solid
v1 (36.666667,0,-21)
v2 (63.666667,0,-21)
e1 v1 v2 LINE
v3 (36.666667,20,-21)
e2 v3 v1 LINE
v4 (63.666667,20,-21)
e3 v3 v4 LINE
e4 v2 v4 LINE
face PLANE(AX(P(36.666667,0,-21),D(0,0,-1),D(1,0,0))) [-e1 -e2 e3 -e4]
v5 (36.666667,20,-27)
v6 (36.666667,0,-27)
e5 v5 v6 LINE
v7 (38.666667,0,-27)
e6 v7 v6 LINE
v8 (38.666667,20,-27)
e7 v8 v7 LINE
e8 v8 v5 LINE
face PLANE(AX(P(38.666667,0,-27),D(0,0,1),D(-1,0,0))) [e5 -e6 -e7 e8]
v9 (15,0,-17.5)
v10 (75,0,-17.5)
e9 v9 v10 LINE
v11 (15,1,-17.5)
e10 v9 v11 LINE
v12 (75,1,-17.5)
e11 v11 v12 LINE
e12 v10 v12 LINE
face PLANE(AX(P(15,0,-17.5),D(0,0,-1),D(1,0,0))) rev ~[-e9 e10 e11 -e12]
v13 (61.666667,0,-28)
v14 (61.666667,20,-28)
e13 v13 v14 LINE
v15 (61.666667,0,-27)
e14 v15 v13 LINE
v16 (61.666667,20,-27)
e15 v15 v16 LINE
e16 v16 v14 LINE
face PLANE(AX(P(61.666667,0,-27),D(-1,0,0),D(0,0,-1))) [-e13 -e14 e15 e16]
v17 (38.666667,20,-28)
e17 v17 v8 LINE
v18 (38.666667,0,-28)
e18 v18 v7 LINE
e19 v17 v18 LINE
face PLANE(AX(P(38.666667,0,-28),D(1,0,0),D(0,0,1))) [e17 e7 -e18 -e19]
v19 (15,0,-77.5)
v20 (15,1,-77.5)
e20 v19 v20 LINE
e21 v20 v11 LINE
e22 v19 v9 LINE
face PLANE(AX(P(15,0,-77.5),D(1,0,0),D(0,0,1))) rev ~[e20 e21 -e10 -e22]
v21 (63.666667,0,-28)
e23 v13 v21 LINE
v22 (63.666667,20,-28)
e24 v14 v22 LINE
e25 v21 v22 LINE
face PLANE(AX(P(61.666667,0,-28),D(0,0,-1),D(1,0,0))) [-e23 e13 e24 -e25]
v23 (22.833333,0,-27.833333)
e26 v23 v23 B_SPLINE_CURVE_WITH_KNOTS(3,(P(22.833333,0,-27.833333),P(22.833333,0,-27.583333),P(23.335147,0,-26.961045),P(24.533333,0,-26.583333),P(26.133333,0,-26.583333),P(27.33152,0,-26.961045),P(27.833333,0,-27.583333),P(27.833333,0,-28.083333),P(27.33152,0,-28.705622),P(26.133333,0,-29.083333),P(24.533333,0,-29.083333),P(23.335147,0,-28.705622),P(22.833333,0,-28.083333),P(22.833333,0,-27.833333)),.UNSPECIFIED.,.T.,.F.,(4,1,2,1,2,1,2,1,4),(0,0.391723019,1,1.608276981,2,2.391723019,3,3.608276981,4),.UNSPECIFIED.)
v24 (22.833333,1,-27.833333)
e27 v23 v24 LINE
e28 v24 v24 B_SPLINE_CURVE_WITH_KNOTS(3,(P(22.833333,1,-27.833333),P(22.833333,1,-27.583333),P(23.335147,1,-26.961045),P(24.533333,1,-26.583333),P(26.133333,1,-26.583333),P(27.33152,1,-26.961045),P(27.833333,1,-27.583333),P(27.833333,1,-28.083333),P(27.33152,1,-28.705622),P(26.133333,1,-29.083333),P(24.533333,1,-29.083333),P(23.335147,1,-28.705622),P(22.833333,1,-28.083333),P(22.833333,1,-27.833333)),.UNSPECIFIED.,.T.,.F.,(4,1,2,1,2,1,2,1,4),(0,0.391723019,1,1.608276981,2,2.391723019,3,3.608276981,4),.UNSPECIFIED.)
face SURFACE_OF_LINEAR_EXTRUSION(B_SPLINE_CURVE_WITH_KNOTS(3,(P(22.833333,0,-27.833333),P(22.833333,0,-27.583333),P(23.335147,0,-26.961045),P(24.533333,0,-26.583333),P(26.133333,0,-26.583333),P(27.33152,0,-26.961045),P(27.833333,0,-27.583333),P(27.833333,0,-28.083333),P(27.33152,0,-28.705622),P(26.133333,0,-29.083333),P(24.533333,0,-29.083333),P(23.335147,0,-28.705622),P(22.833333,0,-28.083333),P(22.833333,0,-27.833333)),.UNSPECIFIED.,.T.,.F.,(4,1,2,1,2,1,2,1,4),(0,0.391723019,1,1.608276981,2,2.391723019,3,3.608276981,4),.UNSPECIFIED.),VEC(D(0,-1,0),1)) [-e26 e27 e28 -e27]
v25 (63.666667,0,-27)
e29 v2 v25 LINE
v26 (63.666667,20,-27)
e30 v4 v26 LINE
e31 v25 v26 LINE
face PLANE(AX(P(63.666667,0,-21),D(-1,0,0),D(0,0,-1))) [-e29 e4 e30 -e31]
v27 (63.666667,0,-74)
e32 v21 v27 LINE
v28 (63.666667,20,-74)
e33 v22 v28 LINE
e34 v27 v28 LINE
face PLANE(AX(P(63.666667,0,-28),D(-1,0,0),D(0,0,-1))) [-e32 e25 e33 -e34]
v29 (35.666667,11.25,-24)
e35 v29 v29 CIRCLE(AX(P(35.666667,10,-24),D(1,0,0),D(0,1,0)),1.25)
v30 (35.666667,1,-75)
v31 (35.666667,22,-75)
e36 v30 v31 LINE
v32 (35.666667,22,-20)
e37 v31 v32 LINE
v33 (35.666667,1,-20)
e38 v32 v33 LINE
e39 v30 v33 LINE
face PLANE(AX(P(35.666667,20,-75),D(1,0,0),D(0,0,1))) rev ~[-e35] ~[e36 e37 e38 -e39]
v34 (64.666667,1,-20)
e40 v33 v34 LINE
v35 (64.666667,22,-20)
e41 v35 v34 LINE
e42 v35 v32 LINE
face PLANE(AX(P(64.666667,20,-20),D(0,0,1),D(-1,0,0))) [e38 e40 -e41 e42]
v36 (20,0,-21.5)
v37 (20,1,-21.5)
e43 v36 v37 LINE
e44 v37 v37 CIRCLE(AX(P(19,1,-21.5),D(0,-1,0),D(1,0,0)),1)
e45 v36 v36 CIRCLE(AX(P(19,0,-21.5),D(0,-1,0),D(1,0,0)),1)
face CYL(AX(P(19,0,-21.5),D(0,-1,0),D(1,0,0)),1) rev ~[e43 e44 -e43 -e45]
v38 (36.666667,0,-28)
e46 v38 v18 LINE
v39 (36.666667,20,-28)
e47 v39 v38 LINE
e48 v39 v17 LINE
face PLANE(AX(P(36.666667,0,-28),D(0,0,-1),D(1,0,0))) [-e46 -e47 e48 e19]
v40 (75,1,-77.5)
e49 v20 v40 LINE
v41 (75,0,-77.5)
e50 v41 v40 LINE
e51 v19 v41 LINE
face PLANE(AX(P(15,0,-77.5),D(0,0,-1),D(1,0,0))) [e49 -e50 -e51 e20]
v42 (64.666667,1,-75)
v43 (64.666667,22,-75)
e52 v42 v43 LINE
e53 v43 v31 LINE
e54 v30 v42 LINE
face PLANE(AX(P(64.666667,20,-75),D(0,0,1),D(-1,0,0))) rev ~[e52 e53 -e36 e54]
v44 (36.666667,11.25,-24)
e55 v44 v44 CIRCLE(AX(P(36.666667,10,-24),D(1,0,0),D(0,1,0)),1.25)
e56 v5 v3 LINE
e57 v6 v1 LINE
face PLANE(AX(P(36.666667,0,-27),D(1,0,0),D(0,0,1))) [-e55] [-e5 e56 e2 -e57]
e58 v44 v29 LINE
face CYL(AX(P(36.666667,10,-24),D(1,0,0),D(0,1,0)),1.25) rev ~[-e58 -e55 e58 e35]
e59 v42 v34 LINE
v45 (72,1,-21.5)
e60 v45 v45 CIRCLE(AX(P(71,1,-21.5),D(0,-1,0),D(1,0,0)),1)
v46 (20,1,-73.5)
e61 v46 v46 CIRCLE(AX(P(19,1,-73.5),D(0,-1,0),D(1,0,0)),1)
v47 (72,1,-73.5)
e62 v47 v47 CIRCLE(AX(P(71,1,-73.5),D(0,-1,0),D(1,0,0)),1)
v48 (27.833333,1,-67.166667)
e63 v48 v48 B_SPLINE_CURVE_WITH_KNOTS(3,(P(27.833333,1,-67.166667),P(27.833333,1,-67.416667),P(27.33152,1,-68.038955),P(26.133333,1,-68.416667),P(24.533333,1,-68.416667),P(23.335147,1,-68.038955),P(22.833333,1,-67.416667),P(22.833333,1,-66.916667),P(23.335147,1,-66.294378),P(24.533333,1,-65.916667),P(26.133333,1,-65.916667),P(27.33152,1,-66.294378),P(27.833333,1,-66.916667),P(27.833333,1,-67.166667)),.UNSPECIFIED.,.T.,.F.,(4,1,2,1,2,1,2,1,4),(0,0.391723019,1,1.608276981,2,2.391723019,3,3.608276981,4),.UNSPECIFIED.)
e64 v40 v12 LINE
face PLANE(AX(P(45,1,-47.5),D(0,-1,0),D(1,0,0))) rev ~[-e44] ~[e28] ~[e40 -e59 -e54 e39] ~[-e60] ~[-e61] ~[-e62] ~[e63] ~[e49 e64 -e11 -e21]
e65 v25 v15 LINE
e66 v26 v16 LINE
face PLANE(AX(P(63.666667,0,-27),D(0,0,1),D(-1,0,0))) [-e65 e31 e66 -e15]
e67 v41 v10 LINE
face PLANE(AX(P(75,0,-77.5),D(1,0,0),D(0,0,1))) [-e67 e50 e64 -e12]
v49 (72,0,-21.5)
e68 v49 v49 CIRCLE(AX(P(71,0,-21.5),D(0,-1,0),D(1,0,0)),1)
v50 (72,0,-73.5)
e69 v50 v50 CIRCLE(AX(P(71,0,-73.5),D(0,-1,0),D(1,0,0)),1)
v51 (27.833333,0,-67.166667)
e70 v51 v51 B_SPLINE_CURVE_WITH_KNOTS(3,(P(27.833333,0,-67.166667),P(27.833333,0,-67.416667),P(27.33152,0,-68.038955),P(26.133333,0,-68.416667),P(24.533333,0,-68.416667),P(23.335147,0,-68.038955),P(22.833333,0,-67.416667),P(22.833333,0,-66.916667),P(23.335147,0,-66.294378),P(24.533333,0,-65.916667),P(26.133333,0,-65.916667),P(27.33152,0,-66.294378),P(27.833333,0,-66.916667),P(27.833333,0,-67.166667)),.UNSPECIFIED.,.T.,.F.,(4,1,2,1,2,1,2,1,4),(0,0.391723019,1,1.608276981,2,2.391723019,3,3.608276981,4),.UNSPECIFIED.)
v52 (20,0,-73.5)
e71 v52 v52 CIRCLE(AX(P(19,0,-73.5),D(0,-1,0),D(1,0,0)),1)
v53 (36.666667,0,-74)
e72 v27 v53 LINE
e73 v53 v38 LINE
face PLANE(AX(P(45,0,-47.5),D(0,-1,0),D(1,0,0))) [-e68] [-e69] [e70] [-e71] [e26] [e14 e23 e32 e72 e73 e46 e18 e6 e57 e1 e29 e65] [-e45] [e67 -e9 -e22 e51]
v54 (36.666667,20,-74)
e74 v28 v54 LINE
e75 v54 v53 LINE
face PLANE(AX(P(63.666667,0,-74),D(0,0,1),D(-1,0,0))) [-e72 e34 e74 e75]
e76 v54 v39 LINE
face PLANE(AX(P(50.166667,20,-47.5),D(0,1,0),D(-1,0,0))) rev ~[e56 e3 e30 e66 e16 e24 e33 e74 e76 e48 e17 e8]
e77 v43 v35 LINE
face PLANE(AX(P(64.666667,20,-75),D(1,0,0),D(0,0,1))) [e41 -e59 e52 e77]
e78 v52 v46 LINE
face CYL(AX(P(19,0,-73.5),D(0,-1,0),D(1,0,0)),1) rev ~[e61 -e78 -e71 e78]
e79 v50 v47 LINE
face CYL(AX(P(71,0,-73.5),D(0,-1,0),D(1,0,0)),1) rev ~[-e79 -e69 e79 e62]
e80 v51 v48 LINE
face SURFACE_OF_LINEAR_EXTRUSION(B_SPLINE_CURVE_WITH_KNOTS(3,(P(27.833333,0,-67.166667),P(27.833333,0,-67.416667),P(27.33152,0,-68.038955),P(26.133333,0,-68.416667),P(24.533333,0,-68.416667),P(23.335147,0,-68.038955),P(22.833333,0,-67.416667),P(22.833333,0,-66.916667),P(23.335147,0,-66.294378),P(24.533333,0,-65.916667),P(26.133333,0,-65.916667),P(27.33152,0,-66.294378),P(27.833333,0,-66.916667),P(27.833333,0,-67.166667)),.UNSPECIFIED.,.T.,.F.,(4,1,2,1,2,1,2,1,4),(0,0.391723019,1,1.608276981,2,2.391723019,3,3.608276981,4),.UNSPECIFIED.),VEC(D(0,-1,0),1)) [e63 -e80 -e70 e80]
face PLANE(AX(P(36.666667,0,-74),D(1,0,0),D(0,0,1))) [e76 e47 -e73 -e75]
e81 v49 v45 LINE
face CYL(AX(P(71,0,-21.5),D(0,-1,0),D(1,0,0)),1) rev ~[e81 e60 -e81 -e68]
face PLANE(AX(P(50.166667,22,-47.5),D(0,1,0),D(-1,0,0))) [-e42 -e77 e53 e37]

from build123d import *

# Parameters (mm, degrees)
F0_W     = 60
F0_H     = 60
F0_R     = 1
F0_W_2   = 29
F0_H_2   = 55
F1_DEPTH = 1
F2_DEPTH = 20
F3_W     = 29
F3_H     = 55
F4_DEPTH = 2
F5_R     = 1.25
F6_DEPTH = 1


with BuildPart() as f1:
    # F0 (on Front) → F1 (new body)
    with BuildSketch(Plane.XZ):
        with Locations((45, -47.5)):
            Rectangle(F0_W, F0_H)
        with Locations((19, -73.5)):
            Circle(F0_R, mode=Mode.SUBTRACT)
        with BuildLine():
            add(Edge.make_bspline(
                [(28.3333333333, -67.1666666667), (28.3386910441, -67.1122126941), (28.3379488497, -66.9506494032), (28.2562853666, -66.6493198021), (28.002751809, -66.341706647), (27.672972526, -66.0654054786), (27.2898969931, -65.8388871979), (26.8077967498, -65.6378105429), (26.2767972884, -65.4717289024), (25.7573018765, -65.4109314105), (25.4558981893, -65.4106282423), (25.3333333333, -65.4166666667)],
                knots=[0, 0, 0, 0, 0.1634113073, 0.4836883399, 0.9124679887, 1.3341141703, 1.7731849289, 2.2406235312, 2.899707559, 3.4345550853, 3.8026975859, 3.8026975859, 3.8026975859, 3.8026975859], degree=3))
            add(Edge.make_bspline(
                [(28.3333333333, -67.1666666667), (28.3386910441, -67.2211206392), (28.3379488497, -67.3826839302), (28.2562853666, -67.6840135313), (28.002751809, -67.9916266863), (27.672972526, -68.2679278548), (27.2898969931, -68.4944461355), (26.8077967498, -68.6955227904), (26.2767972884, -68.861604431), (25.7573018765, -68.9224019229), (25.4558981893, -68.922705091), (25.3333333333, -68.9166666667)],
                knots=[0, 0, 0, 0, 0.1634113073, 0.4836883399, 0.9124679887, 1.3341141703, 1.7731849289, 2.2406235312, 2.899707559, 3.4345550853, 3.8026975859, 3.8026975859, 3.8026975859, 3.8026975859], degree=3))
            add(Edge.make_bspline(
                [(22.3333333333, -67.1666666667), (22.3279756226, -67.2211206392), (22.328717817, -67.3826839302), (22.4103813, -67.6840135313), (22.6639148576, -67.9916266863), (22.9936941407, -68.2679278548), (23.3767696736, -68.4944461355), (23.8588699169, -68.6955227904), (24.3898693782, -68.861604431), (24.9093647902, -68.9224019229), (25.2107684774, -68.922705091), (25.3333333333, -68.9166666667)],
                knots=[0, 0, 0, 0, 0.1634113073, 0.4836883399, 0.9124679887, 1.3341141703, 1.7731849289, 2.2406235312, 2.899707559, 3.4345550853, 3.8026975859, 3.8026975859, 3.8026975859, 3.8026975859], degree=3))
            add(Edge.make_bspline(
                [(22.3333333333, -67.1666666667), (22.3279756226, -67.1122126941), (22.328717817, -66.9506494032), (22.4103813, -66.6493198021), (22.6639148576, -66.341706647), (22.9936941407, -66.0654054786), (23.3767696736, -65.8388871979), (23.8588699169, -65.6378105429), (24.3898693782, -65.4717289024), (24.9093647902, -65.4109314105), (25.2107684774, -65.4106282423), (25.3333333333, -65.4166666667)],
                knots=[0, 0, 0, 0, 0.1634113073, 0.4836883399, 0.9124679887, 1.3341141703, 1.7731849289, 2.2406235312, 2.899707559, 3.4345550853, 3.8026975859, 3.8026975859, 3.8026975859, 3.8026975859], degree=3))
        make_face(mode=Mode.SUBTRACT)
        with Locations((71, -73.5)):
            Circle(F0_R, mode=Mode.SUBTRACT)
        with Locations((50.1666666667, -47.5)):
            Rectangle(F0_W_2, F0_H_2, mode=Mode.SUBTRACT)
        with BuildLine():
            add(Edge.make_bspline(
                [(28.3333333333, -27.8333333333), (28.3386910441, -27.7788793608), (28.3379488497, -27.6173160698), (28.2562853666, -27.3159864687), (28.002751809, -27.0083733137), (27.672972526, -26.7320721453), (27.2898969931, -26.5055538646), (26.8077967498, -26.3044772096), (26.2767972884, -26.138395569), (25.7573018765, -26.0775980772), (25.4558981893, -26.077294909), (25.3333333333, -26.0833333333)],
                knots=[0, 0, 0, 0, 0.1634113073, 0.4836883399, 0.9124679887, 1.3341141703, 1.7731849289, 2.2406235312, 2.899707559, 3.4345550853, 3.8026975859, 3.8026975859, 3.8026975859, 3.8026975859], degree=3))
            add(Edge.make_bspline(
                [(28.3333333333, -27.8333333333), (28.3386910441, -27.8877873059), (28.3379488497, -28.0493505969), (28.2562853666, -28.350680198), (28.002751809, -28.658293353), (27.672972526, -28.9345945214), (27.2898969931, -29.1611128021), (26.8077967498, -29.3621894571), (26.2767972884, -29.5282710976), (25.7573018765, -29.5890685895), (25.4558981893, -29.5893717577), (25.3333333333, -29.5833333333)],
                knots=[0, 0, 0, 0, 0.1634113073, 0.4836883399, 0.9124679887, 1.3341141703, 1.7731849289, 2.2406235312, 2.899707559, 3.4345550853, 3.8026975859, 3.8026975859, 3.8026975859, 3.8026975859], degree=3))
            add(Edge.make_bspline(
                [(22.3333333333, -27.8333333333), (22.3279756226, -27.8877873059), (22.328717817, -28.0493505969), (22.4103813, -28.350680198), (22.6639148576, -28.658293353), (22.9936941407, -28.9345945214), (23.3767696736, -29.1611128021), (23.8588699169, -29.3621894571), (24.3898693782, -29.5282710976), (24.9093647902, -29.5890685895), (25.2107684774, -29.5893717577), (25.3333333333, -29.5833333333)],
                knots=[0, 0, 0, 0, 0.1634113073, 0.4836883399, 0.9124679887, 1.3341141703, 1.7731849289, 2.2406235312, 2.899707559, 3.4345550853, 3.8026975859, 3.8026975859, 3.8026975859, 3.8026975859], degree=3))
            add(Edge.make_bspline(
                [(22.3333333333, -27.8333333333), (22.3279756226, -27.7788793608), (22.328717817, -27.6173160698), (22.4103813, -27.3159864687), (22.6639148576, -27.0083733137), (22.9936941407, -26.7320721453), (23.3767696736, -26.5055538646), (23.8588699169, -26.3044772096), (24.3898693782, -26.138395569), (24.9093647902, -26.0775980772), (25.2107684774, -26.077294909), (25.3333333333, -26.0833333333)],
                knots=[0, 0, 0, 0, 0.1634113073, 0.4836883399, 0.9124679887, 1.3341141703, 1.7731849289, 2.2406235312, 2.899707559, 3.4345550853, 3.8026975859, 3.8026975859, 3.8026975859, 3.8026975859], degree=3))
        make_face(mode=Mode.SUBTRACT)
        with Locations((19, -21.5)):
            Circle(F0_R, mode=Mode.SUBTRACT)
        with Locations((71, -21.5)):
            Circle(F0_R, mode=Mode.SUBTRACT)
        with BuildLine():
            add(Edge.make_bspline(
                [(28.3333333333, -67.1666666667), (28.3386910441, -67.2211206392), (28.3379488497, -67.3826839302), (28.2562853666, -67.6840135313), (28.002751809, -67.9916266863), (27.672972526, -68.2679278548), (27.2898969931, -68.4944461355), (26.8077967498, -68.6955227904), (26.2767972884, -68.861604431), (25.7573018765, -68.9224019229), (25.4558981893, -68.922705091), (25.3333333333, -68.9166666667)],
                knots=[0, 0, 0, 0, 0.1634113073, 0.4836883399, 0.9124679887, 1.3341141703, 1.7731849289, 2.2406235312, 2.899707559, 3.4345550853, 3.8026975859, 3.8026975859, 3.8026975859, 3.8026975859], degree=3))
            add(Edge.make_bspline(
                [(28.3333333333, -67.1666666667), (28.3386910441, -67.1122126941), (28.3379488497, -66.9506494032), (28.2562853666, -66.6493198021), (28.002751809, -66.341706647), (27.672972526, -66.0654054786), (27.2898969931, -65.8388871979), (26.8077967498, -65.6378105429), (26.2767972884, -65.4717289024), (25.7573018765, -65.4109314105), (25.4558981893, -65.4106282423), (25.3333333333, -65.4166666667)],
                knots=[0, 0, 0, 0, 0.1634113073, 0.4836883399, 0.9124679887, 1.3341141703, 1.7731849289, 2.2406235312, 2.899707559, 3.4345550853, 3.8026975859, 3.8026975859, 3.8026975859, 3.8026975859], degree=3))
            add(Edge.make_bspline(
                [(22.3333333333, -67.1666666667), (22.3279756226, -67.1122126941), (22.328717817, -66.9506494032), (22.4103813, -66.6493198021), (22.6639148576, -66.341706647), (22.9936941407, -66.0654054786), (23.3767696736, -65.8388871979), (23.8588699169, -65.6378105429), (24.3898693782, -65.4717289024), (24.9093647902, -65.4109314105), (25.2107684774, -65.4106282423), (25.3333333333, -65.4166666667)],
                knots=[0, 0, 0, 0, 0.1634113073, 0.4836883399, 0.9124679887, 1.3341141703, 1.7731849289, 2.2406235312, 2.899707559, 3.4345550853, 3.8026975859, 3.8026975859, 3.8026975859, 3.8026975859], degree=3))
            add(Edge.make_bspline(
                [(22.3333333333, -67.1666666667), (22.3279756226, -67.2211206392), (22.328717817, -67.3826839302), (22.4103813, -67.6840135313), (22.6639148576, -67.9916266863), (22.9936941407, -68.2679278548), (23.3767696736, -68.4944461355), (23.8588699169, -68.6955227904), (24.3898693782, -68.861604431), (24.9093647902, -68.9224019229), (25.2107684774, -68.922705091), (25.3333333333, -68.9166666667)],
                knots=[0, 0, 0, 0, 0.1634113073, 0.4836883399, 0.9124679887, 1.3341141703, 1.7731849289, 2.2406235312, 2.899707559, 3.4345550853, 3.8026975859, 3.8026975859, 3.8026975859, 3.8026975859], degree=3))
        make_face()
        with BuildLine():
            add(Edge.make_bspline(
                [(27.8333333333, -67.1666666667), (27.8333333333, -66.9166666667), (27.3315200266, -66.294377896), (26.1333333333, -65.9166666667), (25.3333333333, -65.9166666667)],
                knots=[0, 0, 0, 0, 0.3917230185, 1, 1, 1, 1], degree=3))
            add(Edge.make_bspline(
                [(27.8333333333, -67.1666666667), (27.8333333333, -67.4166666667), (27.3315200266, -68.0389554373), (26.1333333333, -68.4166666667), (25.3333333333, -68.4166666667)],
                knots=[0, 0, 0, 0, 0.3917230185, 1, 1, 1, 1], degree=3))
            add(Edge.make_bspline(
                [(22.8333333333, -67.1666666667), (22.8333333333, -67.4166666667), (23.3351466401, -68.0389554373), (24.5333333333, -68.4166666667), (25.3333333333, -68.4166666667)],
                knots=[0, 0, 0, 0, 0.3917230185, 1, 1, 1, 1], degree=3))
            add(Edge.make_bspline(
                [(22.8333333333, -67.1666666667), (22.8333333333, -66.9166666667), (23.3351466401, -66.294377896), (24.5333333333, -65.9166666667), (25.3333333333, -65.9166666667)],
                knots=[0, 0, 0, 0, 0.3917230185, 1, 1, 1, 1], degree=3))
        make_face(mode=Mode.SUBTRACT)
        with BuildLine():
            add(Edge.make_bspline(
                [(28.3333333333, -27.8333333333), (28.3386910441, -27.8877873059), (28.3379488497, -28.0493505969), (28.2562853666, -28.350680198), (28.002751809, -28.658293353), (27.672972526, -28.9345945214), (27.2898969931, -29.1611128021), (26.8077967498, -29.3621894571), (26.2767972884, -29.5282710976), (25.7573018765, -29.5890685895), (25.4558981893, -29.5893717577), (25.3333333333, -29.5833333333)],
                knots=[0, 0, 0, 0, 0.1634113073, 0.4836883399, 0.9124679887, 1.3341141703, 1.7731849289, 2.2406235312, 2.899707559, 3.4345550853, 3.8026975859, 3.8026975859, 3.8026975859, 3.8026975859], degree=3))
            add(Edge.make_bspline(
                [(28.3333333333, -27.8333333333), (28.3386910441, -27.7788793608), (28.3379488497, -27.6173160698), (28.2562853666, -27.3159864687), (28.002751809, -27.0083733137), (27.672972526, -26.7320721453), (27.2898969931, -26.5055538646), (26.8077967498, -26.3044772096), (26.2767972884, -26.138395569), (25.7573018765, -26.0775980772), (25.4558981893, -26.077294909), (25.3333333333, -26.0833333333)],
                knots=[0, 0, 0, 0, 0.1634113073, 0.4836883399, 0.9124679887, 1.3341141703, 1.7731849289, 2.2406235312, 2.899707559, 3.4345550853, 3.8026975859, 3.8026975859, 3.8026975859, 3.8026975859], degree=3))
            add(Edge.make_bspline(
                [(22.3333333333, -27.8333333333), (22.3279756226, -27.7788793608), (22.328717817, -27.6173160698), (22.4103813, -27.3159864687), (22.6639148576, -27.0083733137), (22.9936941407, -26.7320721453), (23.3767696736, -26.5055538646), (23.8588699169, -26.3044772096), (24.3898693782, -26.138395569), (24.9093647902, -26.0775980772), (25.2107684774, -26.077294909), (25.3333333333, -26.0833333333)],
                knots=[0, 0, 0, 0, 0.1634113073, 0.4836883399, 0.9124679887, 1.3341141703, 1.7731849289, 2.2406235312, 2.899707559, 3.4345550853, 3.8026975859, 3.8026975859, 3.8026975859, 3.8026975859], degree=3))
            add(Edge.make_bspline(
                [(22.3333333333, -27.8333333333), (22.3279756226, -27.8877873059), (22.328717817, -28.0493505969), (22.4103813, -28.350680198), (22.6639148576, -28.658293353), (22.9936941407, -28.9345945214), (23.3767696736, -29.1611128021), (23.8588699169, -29.3621894571), (24.3898693782, -29.5282710976), (24.9093647902, -29.5890685895), (25.2107684774, -29.5893717577), (25.3333333333, -29.5833333333)],
                knots=[0, 0, 0, 0, 0.1634113073, 0.4836883399, 0.9124679887, 1.3341141703, 1.7731849289, 2.2406235312, 2.899707559, 3.4345550853, 3.8026975859, 3.8026975859, 3.8026975859, 3.8026975859], degree=3))
        make_face()
        with BuildLine():
            add(Edge.make_bspline(
                [(22.8333333333, -27.8333333333), (22.8333333333, -28.0833333333), (23.3351466401, -28.705622104), (24.5333333333, -29.0833333333), (25.3333333333, -29.0833333333)],
                knots=[0, 0, 0, 0, 0.3917230185, 1, 1, 1, 1], degree=3))
            add(Edge.make_bspline(
                [(22.8333333333, -27.8333333333), (22.8333333333, -27.5833333333), (23.3351466401, -26.9610445627), (24.5333333333, -26.5833333333), (25.3333333333, -26.5833333333)],
                knots=[0, 0, 0, 0, 0.3917230185, 1, 1, 1, 1], degree=3))
            add(Edge.make_bspline(
                [(27.8333333333, -27.8333333333), (27.8333333333, -27.5833333333), (27.3315200266, -26.9610445627), (26.1333333333, -26.5833333333), (25.3333333333, -26.5833333333)],
                knots=[0, 0, 0, 0, 0.3917230185, 1, 1, 1, 1], degree=3))
            add(Edge.make_bspline(
                [(27.8333333333, -27.8333333333), (27.8333333333, -28.0833333333), (27.3315200266, -28.705622104), (26.1333333333, -29.0833333333), (25.3333333333, -29.0833333333)],
                knots=[0, 0, 0, 0, 0.3917230185, 1, 1, 1, 1], degree=3))
        make_face(mode=Mode.SUBTRACT)
        with Locations((50.1666666667, -47.5)):
            Rectangle(F0_W_2, F0_H_2)
        Polygon((36.6666666667, -74), (36.6666666667, -28), (38.6666666667, -28), (38.6666666667, -27), (36.6666666667, -27), (36.6666666667, -21), (63.6666666667, -21), (63.6666666667, -27), (61.6666666667, -27), (61.6666666667, -28), (63.6666666667, -28), (63.6666666667, -74), align=None, mode=Mode.SUBTRACT)
    extrude(amount=-F1_DEPTH)

    # F0 (on Front) → F2 (join)
    with BuildSketch(Plane.XZ):
        with Locations((50.1666666667, -47.5)):
            Rectangle(F0_W_2, F0_H_2)
        Polygon((36.6666666667, -74), (36.6666666667, -28), (38.6666666667, -28), (38.6666666667, -27), (36.6666666667, -27), (36.6666666667, -21), (63.6666666667, -21), (63.6666666667, -27), (61.6666666667, -27), (61.6666666667, -28), (63.6666666667, -28), (63.6666666667, -74), align=None, mode=Mode.SUBTRACT)
    extrude(amount=-F2_DEPTH)

    # F3 (on face) → F4 (join)
    with BuildSketch(Plane(origin=(0, 20, 0), x_dir=(-1, 0, 0), z_dir=(0, 1, 0))):
        with Locations((-50.1666666667, -47.5)):
            Rectangle(F3_W, F3_H)
    extrude(amount=F4_DEPTH)

    # F5 (on face) → F6 (cut, through all)
    with BuildSketch(Plane.YZ.offset(36.6666666667)):
        with Locations((10, -24)):
            Circle(F5_R)
    extrude(amount=-F6_DEPTH, mode=Mode.SUBTRACT)


solid = f1.part
